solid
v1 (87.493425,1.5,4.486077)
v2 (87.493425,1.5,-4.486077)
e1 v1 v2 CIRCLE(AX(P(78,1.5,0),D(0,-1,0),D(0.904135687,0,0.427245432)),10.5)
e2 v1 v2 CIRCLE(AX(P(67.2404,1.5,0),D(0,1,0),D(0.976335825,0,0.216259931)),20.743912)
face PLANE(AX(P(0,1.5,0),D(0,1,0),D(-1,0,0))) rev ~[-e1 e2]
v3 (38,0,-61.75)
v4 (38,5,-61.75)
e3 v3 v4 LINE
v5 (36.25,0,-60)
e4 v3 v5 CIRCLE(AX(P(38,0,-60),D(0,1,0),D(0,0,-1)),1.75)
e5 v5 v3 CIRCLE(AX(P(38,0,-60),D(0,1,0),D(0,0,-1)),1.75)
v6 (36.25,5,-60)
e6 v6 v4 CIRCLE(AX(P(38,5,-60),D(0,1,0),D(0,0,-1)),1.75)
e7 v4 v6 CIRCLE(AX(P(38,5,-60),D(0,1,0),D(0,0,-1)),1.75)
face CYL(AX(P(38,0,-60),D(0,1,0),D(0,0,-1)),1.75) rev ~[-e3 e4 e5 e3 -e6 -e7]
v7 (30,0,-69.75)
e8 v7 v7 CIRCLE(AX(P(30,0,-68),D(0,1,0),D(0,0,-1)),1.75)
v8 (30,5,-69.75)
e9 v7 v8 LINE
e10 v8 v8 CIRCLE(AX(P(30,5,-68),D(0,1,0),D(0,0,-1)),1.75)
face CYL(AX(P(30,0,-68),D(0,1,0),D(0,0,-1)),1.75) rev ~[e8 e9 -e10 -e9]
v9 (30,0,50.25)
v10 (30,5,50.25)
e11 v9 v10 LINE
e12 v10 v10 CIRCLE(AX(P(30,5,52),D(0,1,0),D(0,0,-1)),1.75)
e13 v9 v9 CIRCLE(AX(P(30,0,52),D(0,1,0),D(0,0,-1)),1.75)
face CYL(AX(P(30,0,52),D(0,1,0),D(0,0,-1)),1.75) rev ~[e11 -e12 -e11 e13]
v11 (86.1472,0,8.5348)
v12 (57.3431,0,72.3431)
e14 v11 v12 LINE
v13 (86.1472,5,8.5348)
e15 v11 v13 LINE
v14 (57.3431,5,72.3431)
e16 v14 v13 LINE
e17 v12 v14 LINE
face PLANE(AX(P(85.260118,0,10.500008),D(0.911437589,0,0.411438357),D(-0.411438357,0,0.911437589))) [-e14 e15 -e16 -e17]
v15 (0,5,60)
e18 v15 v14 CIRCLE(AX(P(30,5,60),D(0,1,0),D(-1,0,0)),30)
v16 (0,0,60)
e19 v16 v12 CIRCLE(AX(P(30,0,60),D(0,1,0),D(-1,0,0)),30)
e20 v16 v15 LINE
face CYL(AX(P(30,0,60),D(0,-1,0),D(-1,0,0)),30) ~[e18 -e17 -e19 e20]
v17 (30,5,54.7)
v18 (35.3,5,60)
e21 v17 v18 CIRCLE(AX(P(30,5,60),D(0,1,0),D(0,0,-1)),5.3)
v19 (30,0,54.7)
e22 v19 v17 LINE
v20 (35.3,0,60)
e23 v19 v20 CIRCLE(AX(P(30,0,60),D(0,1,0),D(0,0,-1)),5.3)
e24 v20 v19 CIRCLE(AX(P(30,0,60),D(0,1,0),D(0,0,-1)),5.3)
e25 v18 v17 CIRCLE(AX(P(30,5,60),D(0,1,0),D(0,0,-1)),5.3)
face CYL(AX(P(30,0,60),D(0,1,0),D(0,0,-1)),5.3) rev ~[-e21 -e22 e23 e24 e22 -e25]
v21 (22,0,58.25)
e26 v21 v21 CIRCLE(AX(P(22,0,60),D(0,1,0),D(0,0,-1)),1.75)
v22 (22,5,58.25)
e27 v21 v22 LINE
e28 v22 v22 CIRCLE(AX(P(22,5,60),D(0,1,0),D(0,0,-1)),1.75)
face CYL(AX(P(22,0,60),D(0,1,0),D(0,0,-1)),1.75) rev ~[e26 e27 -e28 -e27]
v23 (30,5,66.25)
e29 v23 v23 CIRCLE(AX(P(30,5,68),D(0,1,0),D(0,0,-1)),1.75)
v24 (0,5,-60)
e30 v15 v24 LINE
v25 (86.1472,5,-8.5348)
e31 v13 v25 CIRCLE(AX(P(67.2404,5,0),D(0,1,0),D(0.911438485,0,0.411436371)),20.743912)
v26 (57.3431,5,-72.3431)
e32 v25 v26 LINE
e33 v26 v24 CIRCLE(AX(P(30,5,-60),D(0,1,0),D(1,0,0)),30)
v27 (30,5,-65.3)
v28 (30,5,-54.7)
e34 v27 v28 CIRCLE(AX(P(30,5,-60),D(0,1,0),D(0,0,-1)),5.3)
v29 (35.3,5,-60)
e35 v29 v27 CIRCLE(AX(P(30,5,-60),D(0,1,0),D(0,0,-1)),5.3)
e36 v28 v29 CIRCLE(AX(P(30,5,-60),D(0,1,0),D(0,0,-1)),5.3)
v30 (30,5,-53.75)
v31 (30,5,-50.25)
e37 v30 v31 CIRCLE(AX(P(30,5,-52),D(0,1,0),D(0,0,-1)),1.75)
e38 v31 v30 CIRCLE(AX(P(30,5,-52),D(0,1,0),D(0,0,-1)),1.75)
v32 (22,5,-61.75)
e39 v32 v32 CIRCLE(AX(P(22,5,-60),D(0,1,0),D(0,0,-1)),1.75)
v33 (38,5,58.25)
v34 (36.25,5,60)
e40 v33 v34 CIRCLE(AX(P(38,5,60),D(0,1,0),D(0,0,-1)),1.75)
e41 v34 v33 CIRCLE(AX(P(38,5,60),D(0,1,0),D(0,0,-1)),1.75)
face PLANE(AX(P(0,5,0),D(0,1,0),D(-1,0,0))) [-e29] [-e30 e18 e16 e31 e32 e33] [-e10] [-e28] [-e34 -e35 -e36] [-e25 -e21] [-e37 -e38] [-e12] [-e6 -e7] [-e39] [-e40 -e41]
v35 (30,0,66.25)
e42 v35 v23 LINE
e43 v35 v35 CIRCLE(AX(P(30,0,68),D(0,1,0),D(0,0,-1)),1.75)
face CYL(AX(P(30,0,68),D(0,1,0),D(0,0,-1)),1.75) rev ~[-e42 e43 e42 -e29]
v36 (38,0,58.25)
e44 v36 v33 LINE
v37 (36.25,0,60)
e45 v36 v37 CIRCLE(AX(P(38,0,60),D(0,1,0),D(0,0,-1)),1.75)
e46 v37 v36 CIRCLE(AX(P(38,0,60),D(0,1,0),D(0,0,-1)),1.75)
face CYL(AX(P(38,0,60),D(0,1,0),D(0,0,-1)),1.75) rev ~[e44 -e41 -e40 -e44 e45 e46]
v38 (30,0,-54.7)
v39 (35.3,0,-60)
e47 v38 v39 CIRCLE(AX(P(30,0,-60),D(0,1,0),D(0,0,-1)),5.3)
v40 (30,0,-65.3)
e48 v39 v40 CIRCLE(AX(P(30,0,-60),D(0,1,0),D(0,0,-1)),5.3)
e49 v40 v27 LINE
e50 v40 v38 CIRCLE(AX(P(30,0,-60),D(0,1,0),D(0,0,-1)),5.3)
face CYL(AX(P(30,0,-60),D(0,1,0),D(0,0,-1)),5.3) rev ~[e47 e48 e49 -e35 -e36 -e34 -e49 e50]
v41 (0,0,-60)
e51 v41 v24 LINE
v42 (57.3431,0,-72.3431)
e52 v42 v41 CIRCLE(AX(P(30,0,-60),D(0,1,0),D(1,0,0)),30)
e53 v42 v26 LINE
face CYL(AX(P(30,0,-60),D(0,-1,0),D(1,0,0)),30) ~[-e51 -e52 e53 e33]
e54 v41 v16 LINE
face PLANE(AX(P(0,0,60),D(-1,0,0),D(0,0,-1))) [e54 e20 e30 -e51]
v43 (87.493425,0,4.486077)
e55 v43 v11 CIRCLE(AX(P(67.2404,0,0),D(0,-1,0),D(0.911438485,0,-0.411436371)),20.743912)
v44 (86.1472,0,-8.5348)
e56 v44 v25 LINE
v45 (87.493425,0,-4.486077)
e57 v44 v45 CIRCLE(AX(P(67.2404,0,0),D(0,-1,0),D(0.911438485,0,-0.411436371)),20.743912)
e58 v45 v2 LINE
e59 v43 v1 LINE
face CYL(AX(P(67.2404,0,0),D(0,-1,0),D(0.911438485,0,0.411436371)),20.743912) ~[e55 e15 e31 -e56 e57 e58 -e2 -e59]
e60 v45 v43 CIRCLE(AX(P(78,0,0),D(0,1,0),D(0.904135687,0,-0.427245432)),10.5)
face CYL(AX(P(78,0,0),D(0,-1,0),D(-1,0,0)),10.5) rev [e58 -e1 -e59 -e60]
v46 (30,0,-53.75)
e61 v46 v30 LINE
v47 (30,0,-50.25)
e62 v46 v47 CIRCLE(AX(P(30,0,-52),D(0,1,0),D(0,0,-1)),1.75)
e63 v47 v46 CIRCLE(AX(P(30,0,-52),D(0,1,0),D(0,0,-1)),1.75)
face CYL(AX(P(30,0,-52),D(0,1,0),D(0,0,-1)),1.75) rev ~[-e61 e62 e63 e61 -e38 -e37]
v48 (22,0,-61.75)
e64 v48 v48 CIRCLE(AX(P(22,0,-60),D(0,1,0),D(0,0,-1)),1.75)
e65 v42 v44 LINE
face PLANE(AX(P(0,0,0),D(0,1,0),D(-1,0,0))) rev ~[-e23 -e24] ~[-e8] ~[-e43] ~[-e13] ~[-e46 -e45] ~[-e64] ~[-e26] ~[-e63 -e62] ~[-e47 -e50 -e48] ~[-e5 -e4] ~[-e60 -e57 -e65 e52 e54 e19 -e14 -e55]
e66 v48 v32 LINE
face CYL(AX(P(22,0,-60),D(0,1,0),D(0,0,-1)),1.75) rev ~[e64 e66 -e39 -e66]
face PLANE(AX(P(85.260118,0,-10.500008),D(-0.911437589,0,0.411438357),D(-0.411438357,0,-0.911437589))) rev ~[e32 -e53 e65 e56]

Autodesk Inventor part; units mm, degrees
ref_plane "YZ Plane" through (0, 0, 0) normal (1, 0, 0) x (0, 1, 0)
ref_plane "XZ Plane" through (0, 0, 0) normal (0, 1, 0) x (-1, 0, 0)
ref_plane "XY Plane" through (0, 0, 0) normal (0, 0, 1) x (1, 0, 0)
sketch "Sketch1" plane through (0, 0, 0) normal (0, 1, 0) x (-1, 0, 0)
  line L0 (0, 60) -> (0, -60)
  line L1 (0, 0) -> (-60, 0)
  line L2 (-60, 60) -> (-60, -60)
  line L3 (0, 60) -> (-30, 60)
  line L4 (-30, 60) -> (-30, -60)
  arc A0 (0, 60) -> (-60, 60) centre (-30, 60) ccw
  arc A1 (-60, -60) -> (0, -60) centre (-30, -60) ccw
  circle A2 centre (-78, 0) radius 10.5
  line L5 (-30, 60) -> (-38, 60)
  circle A3 centre (-38, 60) radius 1.75
  circle A4 centre (-30, 52) radius 1.75
  circle A5 centre (-22, 60) radius 1.75
  circle A6 centre (-30, 68) radius 1.75
  line L6 (-30, -60) -> (-38, -60)
  circle A7 centre (-38, -60) radius 1.75
  circle A8 centre (-30, -52) radius 1.75
  circle A9 centre (-22, -60) radius 1.75
  circle A10 centre (-30, -68) radius 1.75
  line L7 (-60, 0) -> (-90, 0)
  line L8 (-90, 0) -> (-57.3431, 72.3431)
  line L9 (-90, 0) -> (-57.3431, -72.3431)
  arc A11 (-86.1472, 8.5348) -> (-86.1472, -8.5348) centre (-67.2404, 0) ccw
  line L10 (-90, 0) -> (-78, 0)
  line L11 (-78, 10.5) -> (-85.2601, 10.5)
  line L12 (-78, -10.5) -> (-85.2601, -10.5)
  point P0 (-87.4935, -4.4859)
  point P1 (-87.4935, 4.4859)
  dimension "d0" = 120
  dimension "d1" = 60
  dimension "d2" = 120
  dimension "d5" = 21
  dimension "d15" = 8
  dimension "d16" = 3.5
  dimension "d19" = 360
  dimension "d28" = 30
  dimension "d29" = 12
extrude "Extrusion1" add sketch "Sketch1" along normal blind 5 contours L0 L1 L4 A4 L3 A5 | A3 | L3 A5 L4 A4 L1 L2 A0 | A7 | A8 L4 | L4 A8 | L0 A1 L2 L1 | A5 L3 | L3 A5 | A0 L2 L7 A2 L11 L8 | L11 A2 A11 L8 | L9 L12 A2 L7 L2 A1 | A4 L4 | L4 A4 | A2 L7 A11 | L9 A11 A2 L12 | A2 A11 L7 | A6 | A9 | A10 picked at (-84.0044, 3.1674) picked at (-84.0044, -3.1674)
hole "Hole1" at (30, 0, 60) at (30, 0, -60) direction (0, 1, 0) diameter 10.6 end through all
extrude "Extrusion2" cut sketch "Sketch1" along normal blind 1.5 contours A2 L7 A11 | A2 A11 L7 picked at (-84.0044, 3.1674) picked at (-84.0044, -3.1674)
hole "Hole2" at (38, 0, 60) at (30, 0, 68) at (22, 0, 60) at (30, 0, 52) at (38, 0, -60) at (30, 0, -52) at (30, 0, -68) at (22, 0, -60) direction (0, 1, 0) diameter 3.5 end through all
properties part number "SyringePushMount"
